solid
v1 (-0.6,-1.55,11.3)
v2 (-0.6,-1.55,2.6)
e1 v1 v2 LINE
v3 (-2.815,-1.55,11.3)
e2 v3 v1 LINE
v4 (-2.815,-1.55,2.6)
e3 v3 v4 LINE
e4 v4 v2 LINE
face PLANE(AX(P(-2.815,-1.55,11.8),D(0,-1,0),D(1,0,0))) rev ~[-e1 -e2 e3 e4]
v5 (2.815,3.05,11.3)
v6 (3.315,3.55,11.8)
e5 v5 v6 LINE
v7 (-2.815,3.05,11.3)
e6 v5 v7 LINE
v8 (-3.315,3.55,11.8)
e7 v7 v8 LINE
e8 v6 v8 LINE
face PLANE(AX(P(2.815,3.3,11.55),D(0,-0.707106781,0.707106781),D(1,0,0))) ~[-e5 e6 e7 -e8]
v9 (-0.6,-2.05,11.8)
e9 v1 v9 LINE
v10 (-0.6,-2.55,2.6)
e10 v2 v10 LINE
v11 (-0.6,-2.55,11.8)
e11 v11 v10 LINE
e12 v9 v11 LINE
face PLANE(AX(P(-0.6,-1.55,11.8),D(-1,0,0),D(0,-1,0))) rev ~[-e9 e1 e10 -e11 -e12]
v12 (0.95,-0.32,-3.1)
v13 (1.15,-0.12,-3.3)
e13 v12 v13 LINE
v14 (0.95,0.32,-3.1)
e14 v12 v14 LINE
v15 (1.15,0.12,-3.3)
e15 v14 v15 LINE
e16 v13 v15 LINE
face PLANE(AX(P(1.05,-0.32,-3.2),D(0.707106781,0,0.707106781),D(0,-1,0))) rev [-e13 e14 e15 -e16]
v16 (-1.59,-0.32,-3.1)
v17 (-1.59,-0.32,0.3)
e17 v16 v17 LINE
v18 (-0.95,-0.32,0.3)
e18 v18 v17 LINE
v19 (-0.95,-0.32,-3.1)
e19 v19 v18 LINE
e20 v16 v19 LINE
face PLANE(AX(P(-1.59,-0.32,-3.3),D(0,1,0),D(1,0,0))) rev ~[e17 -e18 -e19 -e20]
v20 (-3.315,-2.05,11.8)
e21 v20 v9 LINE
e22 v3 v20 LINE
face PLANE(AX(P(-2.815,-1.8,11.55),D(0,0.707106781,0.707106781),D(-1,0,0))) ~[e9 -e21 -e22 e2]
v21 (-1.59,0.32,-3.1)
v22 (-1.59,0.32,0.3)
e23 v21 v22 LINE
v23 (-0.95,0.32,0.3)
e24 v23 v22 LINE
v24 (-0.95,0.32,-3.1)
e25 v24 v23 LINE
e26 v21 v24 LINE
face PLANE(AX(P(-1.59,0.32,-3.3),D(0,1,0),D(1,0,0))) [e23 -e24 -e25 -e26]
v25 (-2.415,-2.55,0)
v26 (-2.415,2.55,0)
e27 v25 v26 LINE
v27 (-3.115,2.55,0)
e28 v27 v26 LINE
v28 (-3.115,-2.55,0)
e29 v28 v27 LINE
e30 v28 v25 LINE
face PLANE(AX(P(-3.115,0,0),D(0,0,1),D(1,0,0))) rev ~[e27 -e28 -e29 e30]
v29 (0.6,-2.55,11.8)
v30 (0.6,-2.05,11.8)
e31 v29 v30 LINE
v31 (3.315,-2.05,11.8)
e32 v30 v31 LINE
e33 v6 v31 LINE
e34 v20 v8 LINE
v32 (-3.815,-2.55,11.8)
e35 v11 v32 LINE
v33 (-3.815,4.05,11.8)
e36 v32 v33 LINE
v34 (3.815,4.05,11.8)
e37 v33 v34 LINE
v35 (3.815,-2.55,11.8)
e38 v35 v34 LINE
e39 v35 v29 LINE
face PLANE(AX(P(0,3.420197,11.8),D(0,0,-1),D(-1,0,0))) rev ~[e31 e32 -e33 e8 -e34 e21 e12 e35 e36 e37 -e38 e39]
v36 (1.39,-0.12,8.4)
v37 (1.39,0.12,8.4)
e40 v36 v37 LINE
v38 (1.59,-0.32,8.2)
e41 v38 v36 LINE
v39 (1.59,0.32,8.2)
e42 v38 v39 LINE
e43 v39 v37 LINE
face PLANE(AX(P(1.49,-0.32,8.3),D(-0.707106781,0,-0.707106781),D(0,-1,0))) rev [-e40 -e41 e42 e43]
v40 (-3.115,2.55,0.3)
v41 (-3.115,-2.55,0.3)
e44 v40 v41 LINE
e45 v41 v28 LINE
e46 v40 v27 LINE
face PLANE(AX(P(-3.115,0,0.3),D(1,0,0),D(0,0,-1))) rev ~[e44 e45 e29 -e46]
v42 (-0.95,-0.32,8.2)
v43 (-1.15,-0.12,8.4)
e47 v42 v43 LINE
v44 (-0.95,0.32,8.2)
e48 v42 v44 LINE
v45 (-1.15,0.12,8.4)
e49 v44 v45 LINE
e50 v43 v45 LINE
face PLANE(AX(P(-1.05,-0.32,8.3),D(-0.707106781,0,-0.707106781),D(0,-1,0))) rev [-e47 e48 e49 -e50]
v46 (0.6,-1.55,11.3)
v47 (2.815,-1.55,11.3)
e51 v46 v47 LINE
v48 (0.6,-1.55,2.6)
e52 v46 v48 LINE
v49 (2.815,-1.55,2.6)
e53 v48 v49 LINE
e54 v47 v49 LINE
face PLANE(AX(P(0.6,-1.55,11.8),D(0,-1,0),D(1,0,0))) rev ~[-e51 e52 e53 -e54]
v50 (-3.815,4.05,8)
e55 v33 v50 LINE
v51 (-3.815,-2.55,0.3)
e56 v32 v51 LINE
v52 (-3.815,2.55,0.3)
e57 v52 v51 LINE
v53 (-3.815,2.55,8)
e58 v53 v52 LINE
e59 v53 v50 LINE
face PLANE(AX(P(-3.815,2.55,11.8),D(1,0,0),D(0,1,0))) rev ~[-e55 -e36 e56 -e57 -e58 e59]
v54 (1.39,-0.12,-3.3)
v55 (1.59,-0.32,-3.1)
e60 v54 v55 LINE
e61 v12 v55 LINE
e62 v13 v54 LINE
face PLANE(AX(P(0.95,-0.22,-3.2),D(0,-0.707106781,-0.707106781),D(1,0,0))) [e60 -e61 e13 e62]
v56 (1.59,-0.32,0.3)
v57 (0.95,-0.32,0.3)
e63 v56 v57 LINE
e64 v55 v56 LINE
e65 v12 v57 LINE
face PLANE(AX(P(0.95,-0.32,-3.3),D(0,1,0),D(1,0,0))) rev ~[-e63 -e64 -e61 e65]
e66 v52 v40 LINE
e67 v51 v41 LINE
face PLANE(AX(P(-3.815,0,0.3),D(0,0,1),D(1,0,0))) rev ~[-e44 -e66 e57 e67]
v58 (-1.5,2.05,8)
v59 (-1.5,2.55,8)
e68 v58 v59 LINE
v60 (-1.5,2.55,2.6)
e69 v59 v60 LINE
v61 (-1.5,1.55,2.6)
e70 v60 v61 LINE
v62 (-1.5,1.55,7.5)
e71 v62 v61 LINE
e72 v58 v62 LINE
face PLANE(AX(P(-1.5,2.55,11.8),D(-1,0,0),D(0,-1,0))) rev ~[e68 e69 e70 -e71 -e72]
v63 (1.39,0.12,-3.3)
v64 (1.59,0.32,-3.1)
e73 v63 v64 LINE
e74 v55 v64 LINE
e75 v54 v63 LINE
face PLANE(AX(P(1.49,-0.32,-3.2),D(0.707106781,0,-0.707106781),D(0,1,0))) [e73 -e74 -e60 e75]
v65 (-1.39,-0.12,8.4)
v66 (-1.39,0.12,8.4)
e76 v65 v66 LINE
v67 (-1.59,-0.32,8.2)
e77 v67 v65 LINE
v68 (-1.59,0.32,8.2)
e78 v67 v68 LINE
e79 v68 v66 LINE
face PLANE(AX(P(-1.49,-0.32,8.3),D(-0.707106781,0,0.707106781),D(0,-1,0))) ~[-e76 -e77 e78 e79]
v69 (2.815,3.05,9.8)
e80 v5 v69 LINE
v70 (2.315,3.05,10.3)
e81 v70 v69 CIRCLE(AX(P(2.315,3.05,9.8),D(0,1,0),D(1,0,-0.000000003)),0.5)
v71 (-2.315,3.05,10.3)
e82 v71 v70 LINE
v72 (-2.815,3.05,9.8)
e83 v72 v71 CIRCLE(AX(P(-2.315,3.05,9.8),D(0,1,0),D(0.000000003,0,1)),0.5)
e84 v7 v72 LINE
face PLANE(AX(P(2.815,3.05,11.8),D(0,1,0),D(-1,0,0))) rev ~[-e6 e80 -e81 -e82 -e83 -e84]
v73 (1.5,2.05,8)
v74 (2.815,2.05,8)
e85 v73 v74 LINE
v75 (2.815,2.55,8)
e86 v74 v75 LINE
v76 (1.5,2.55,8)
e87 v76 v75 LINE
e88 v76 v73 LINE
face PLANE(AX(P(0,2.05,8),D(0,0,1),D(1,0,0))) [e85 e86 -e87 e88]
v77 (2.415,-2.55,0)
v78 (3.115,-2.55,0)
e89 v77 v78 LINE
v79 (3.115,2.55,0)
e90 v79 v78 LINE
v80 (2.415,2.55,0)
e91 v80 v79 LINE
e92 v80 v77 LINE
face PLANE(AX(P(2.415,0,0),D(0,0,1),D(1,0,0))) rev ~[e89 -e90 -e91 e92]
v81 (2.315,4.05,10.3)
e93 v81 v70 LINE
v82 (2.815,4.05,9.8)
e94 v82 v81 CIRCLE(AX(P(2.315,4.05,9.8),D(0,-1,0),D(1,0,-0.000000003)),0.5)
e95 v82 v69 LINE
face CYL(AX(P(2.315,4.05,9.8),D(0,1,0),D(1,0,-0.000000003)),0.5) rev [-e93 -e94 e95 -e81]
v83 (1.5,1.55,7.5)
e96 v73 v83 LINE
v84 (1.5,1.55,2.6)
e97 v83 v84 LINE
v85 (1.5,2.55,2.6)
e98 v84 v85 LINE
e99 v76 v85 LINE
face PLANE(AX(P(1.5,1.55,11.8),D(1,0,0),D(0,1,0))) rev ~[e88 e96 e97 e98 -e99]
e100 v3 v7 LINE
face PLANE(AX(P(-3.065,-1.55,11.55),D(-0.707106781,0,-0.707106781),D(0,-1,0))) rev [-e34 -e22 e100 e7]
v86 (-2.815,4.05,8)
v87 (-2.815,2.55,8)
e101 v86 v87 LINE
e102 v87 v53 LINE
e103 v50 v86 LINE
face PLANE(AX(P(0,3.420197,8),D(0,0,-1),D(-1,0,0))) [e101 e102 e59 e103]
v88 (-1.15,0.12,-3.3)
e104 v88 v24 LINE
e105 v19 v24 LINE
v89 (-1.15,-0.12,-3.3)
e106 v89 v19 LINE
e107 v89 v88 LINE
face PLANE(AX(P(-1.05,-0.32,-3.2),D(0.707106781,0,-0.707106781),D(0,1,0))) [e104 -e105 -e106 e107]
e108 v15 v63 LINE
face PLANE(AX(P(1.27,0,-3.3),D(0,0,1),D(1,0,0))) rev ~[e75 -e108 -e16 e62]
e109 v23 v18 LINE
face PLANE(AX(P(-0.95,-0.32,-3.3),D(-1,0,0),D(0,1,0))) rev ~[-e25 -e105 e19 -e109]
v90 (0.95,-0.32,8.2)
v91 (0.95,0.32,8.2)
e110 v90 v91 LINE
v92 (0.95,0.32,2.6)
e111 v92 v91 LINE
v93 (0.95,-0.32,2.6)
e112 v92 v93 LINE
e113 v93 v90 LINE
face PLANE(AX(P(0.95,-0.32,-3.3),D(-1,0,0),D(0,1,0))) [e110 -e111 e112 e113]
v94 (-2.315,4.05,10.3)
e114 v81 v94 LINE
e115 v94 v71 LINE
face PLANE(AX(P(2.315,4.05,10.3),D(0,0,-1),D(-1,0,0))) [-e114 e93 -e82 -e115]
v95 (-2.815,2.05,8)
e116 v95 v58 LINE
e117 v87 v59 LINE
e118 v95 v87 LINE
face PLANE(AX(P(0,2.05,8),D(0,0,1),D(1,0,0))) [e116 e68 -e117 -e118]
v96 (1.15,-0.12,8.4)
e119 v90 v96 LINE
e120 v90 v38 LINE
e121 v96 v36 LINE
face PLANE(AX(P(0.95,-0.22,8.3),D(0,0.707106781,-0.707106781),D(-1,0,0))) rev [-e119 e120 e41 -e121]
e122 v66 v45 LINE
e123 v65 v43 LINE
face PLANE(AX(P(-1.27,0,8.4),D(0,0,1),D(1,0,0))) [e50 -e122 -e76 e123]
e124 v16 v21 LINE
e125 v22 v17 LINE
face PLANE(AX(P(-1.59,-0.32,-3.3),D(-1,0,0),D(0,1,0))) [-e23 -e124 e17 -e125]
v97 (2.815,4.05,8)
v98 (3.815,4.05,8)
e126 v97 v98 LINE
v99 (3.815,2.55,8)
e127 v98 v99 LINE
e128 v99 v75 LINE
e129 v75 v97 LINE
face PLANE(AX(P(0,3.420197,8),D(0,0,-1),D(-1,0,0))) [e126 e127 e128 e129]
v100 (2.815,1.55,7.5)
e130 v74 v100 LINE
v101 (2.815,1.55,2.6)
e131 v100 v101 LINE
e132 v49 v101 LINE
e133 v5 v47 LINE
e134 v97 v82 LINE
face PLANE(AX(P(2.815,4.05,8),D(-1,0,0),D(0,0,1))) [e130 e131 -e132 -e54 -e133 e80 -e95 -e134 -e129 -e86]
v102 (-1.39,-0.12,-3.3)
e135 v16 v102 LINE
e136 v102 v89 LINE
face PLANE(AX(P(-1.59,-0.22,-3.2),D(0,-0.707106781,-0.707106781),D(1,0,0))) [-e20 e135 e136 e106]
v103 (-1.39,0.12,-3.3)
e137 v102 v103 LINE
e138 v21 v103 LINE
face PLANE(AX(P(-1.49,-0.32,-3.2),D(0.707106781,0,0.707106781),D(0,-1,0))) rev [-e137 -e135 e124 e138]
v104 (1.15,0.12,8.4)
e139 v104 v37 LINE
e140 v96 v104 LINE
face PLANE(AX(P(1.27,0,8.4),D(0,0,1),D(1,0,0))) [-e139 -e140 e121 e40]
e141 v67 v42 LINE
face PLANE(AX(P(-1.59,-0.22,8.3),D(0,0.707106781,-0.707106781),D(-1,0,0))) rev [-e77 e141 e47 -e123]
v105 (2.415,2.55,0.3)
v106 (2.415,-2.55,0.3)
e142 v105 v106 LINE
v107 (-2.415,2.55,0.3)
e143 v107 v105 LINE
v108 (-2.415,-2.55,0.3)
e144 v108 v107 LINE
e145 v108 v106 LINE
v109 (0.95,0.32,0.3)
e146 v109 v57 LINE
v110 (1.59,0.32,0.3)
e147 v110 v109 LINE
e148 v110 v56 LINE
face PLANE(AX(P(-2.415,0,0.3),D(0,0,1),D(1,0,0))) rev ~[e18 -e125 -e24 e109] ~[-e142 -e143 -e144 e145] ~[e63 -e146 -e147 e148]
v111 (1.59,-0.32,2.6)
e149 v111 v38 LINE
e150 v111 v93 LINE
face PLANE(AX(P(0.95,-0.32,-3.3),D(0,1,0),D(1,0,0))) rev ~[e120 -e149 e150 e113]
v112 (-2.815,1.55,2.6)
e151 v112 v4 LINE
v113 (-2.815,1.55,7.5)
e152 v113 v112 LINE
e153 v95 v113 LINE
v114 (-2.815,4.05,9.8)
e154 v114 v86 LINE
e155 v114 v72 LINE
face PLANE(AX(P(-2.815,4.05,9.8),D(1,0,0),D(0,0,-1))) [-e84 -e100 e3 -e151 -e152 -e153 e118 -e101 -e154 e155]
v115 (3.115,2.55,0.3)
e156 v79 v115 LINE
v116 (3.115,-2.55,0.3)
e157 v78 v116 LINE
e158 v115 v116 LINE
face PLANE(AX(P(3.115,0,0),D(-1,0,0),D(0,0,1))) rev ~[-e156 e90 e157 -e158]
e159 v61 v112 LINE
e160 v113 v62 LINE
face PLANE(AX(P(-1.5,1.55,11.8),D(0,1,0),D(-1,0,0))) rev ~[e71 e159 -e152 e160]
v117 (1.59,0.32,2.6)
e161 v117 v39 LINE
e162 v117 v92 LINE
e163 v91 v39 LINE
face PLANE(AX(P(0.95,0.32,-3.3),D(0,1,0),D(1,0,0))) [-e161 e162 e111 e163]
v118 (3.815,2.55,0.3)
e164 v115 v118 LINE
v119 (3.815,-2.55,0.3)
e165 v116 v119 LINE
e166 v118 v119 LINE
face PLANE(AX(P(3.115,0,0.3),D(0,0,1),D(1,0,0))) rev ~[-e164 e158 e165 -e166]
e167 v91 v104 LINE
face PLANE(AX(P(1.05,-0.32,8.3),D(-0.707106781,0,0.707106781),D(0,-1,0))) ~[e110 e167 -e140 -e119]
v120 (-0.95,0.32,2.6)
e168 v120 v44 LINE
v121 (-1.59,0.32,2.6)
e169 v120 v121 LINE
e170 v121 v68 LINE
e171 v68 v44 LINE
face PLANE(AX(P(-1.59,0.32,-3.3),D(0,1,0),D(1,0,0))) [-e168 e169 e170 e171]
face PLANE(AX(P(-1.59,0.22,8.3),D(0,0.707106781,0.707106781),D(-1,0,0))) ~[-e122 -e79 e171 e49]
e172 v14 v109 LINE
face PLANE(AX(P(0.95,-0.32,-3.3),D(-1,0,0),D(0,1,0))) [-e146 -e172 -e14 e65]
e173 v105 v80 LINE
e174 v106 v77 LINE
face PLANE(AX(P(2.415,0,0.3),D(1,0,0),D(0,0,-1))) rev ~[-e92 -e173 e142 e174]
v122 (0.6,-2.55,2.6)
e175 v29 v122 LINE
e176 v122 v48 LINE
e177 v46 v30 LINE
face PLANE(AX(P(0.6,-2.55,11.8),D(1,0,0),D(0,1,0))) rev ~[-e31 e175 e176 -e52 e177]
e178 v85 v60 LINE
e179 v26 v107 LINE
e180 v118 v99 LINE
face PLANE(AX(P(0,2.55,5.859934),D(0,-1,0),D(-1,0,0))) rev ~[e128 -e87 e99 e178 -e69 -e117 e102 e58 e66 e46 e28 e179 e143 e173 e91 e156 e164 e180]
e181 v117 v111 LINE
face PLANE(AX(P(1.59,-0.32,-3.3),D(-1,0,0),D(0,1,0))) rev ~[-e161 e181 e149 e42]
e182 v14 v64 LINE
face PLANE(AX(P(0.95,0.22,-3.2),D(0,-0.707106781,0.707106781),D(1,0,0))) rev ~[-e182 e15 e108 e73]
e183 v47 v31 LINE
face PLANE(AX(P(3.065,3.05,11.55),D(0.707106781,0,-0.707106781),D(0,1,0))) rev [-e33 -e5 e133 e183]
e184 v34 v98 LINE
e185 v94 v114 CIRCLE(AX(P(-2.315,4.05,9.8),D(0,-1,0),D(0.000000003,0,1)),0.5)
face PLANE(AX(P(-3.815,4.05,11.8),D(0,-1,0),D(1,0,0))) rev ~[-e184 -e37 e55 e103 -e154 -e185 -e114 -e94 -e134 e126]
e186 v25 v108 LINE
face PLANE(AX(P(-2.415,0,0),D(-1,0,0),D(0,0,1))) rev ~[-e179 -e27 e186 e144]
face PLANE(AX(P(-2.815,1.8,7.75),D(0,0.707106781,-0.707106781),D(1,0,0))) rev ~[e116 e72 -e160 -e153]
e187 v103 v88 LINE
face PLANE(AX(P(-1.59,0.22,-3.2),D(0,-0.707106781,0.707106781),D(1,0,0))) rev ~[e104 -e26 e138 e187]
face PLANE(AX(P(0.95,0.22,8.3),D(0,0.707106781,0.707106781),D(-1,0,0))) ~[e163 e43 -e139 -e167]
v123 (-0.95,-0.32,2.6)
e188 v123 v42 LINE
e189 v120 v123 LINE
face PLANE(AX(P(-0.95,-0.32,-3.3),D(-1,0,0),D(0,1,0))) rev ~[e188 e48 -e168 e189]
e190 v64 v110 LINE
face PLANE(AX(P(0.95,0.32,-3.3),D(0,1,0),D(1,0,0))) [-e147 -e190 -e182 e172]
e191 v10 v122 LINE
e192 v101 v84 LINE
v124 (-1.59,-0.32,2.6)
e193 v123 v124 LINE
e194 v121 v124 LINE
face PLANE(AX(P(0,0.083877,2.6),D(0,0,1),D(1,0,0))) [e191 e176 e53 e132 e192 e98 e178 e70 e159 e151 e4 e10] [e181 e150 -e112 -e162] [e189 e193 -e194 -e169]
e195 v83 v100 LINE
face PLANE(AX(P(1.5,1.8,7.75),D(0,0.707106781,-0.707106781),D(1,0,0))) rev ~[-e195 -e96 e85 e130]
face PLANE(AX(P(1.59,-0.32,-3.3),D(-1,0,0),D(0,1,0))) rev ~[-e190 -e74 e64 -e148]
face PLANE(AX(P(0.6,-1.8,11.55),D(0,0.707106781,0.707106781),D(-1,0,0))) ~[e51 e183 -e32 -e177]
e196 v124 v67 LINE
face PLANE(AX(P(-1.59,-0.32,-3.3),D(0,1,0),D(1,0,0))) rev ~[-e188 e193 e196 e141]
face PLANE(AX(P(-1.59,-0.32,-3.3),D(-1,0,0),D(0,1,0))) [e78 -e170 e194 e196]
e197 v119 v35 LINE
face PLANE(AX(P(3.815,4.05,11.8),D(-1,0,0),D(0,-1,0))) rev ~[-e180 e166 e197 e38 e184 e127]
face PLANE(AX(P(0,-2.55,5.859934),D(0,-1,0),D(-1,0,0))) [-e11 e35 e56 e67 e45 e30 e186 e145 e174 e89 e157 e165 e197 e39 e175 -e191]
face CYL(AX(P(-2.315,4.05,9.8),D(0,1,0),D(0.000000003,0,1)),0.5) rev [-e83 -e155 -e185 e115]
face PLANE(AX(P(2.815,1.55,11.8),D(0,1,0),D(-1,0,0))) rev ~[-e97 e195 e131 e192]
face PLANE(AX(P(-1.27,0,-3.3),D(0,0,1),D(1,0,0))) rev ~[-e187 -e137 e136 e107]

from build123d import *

# Parameters (mm, degrees)
EXTRUDE_1_DEPTH                    = 2.55
CUT_EXTRUDE_1_DEPTH                = 9.2
EXTRUDE_2_DEPTH                    = 3.8
SKETCH_4_W                         = 5.63
SKETCH_4_H                         = 1
CUT_EXTRUDE_2_DEPTH                = 3.8
CUT_EXTRUDE_3_REACH                = 16.048
CHAMFER_1_SIZE                     = 0.5
EXTRUDE_START                      = -3.6
SKETCH_6_W                         = 0.64
SKETCH_6_H                         = 0.64
EXTRUDE_3_DEPTH                    = 11.7
CHAMFER_2_SIZE                     = 0.2
PATTERN_LINEAR_1_COUNT             = 2
PATTERN_LINEAR_1_PITCH             = 2.54
CHAMFER_2_OF_PATTERN_LINEAR_1_SIZE = 0.2


with BuildPart() as part:
    # Эскиз1 → Бобышка-Вытянуть1 (new, symmetric)
    with BuildSketch(Plane(origin=(0, 0, 0), x_dir=(1, 0, 0), z_dir=(0, 1, 0))):
        Polygon((-2.415, -0.3), (2.415, -0.3), (2.415, 0), (3.115, 0), (3.115, -0.3), (3.815, -0.3), (3.815, -11.8), (-3.815, -11.8), (-3.815, -0.3), (-3.115, -0.3), (-3.115, 0), (-2.415, 0), align=None)
    extrude(amount=EXTRUDE_1_DEPTH, both=True)

    # Эскиз2 → Вырез-Вытянуть1 (cut)
    with BuildSketch(Plane.XY.offset(11.8)):
        Polygon((-2.815, 1.55), (-2.815, -1.55), (-0.6, -1.55), (-0.6, -2.55), (0.6, -2.55), (0.6, -1.55), (2.815, -1.55), (2.815, 1.55), (1.5, 1.55), (1.5, 2.55), (-1.5, 2.55), (-1.5, 1.55), align=None)
    extrude(amount=-CUT_EXTRUDE_1_DEPTH, mode=Mode.SUBTRACT)

    # Эскиз3 → Бобышка-Вытянуть2 (add)
    with BuildSketch(Plane.XY.offset(11.8)):
        Polygon((-3.815, 2.55), (-3.815, 4.05), (3.815, 4.05), (3.815, 2.55), (2.815, 2.55), (2.815, 3.05), (-2.815, 3.05), (-2.815, 2.55), align=None)
    extrude(amount=-EXTRUDE_2_DEPTH)

    # Эскиз4 → Вырез-Вытянуть2 (cut)
    with BuildSketch(Plane.XY.offset(11.8)):
        with Locations((0, 2.05)):
            Rectangle(SKETCH_4_W, SKETCH_4_H)
    extrude(amount=-CUT_EXTRUDE_2_DEPTH, mode=Mode.SUBTRACT)

    # Эскиз5 → Вырез-Вытянуть3 (cut, up to next)
    with BuildSketch(Plane(origin=(0, 4.05, 0), x_dir=(1, 0, 0), z_dir=(0, 1, 0)), mode=Mode.PRIVATE) as cut_extrude_3_sk1:
        with BuildLine():
            Line((2.815, -8), (2.815, -9.8))
            ThreePointArc((2.815, -9.8), (2.668553391, -10.153553391), (2.315, -10.3))
            Line((2.315, -10.3), (-2.315, -10.3))
            ThreePointArc((-2.315, -10.3), (-2.668553391, -10.153553391), (-2.815, -9.8))
            Line((-2.815, -9.8), (-2.815, -8))
            Line((-2.815, -8), (2.815, -8))
        make_face()
    cut_extrude_3_tool1 = extrude(cut_extrude_3_sk1.sketch, amount=-CUT_EXTRUDE_3_REACH, mode=Mode.PRIVATE) & part.part
    add(cut_extrude_3_tool1.solids().sort_by_distance((0, 4.05, 9.141324))[0], mode=Mode.SUBTRACT)

    # Фаска1
    chamfer_1_edges = [part.edges().sort_by_distance(p)[0] for p in [
        (-2.1575, 1.55, 8),
        (2.1575, 1.55, 8),
        (-2.815, 0.75, 11.8),
        (-1.7075, -1.55, 11.8),
        (1.7075, -1.55, 11.8),
        (2.815, 0.75, 11.8),
        (0, 3.05, 11.8),
    ]]
    chamfer(chamfer_1_edges, length=CHAMFER_1_SIZE)

    # Эскиз6 → Бобышка-Вытянуть3 (add)
    with BuildSketch(Plane.XY.offset(0.3).offset(EXTRUDE_START)):
        with Locations((1.27, 0)):
            Rectangle(SKETCH_6_W, SKETCH_6_H)
    extrude_3 = extrude(amount=EXTRUDE_3_DEPTH)

    # Фаска2
    chamfer_2_edges = [part.edges().sort_by_distance(p)[0] for p in [
        (1.27, 0.32, 8.4),
        (1.59, 0, 8.4),
        (1.27, -0.32, 8.4),
        (0.95, 0, 8.4),
        (0.95, 0, -3.3),
        (1.27, 0.32, -3.3),
        (1.59, 0, -3.3),
        (1.27, -0.32, -3.3),
    ]]
    chamfer(chamfer_2_edges, length=CHAMFER_2_SIZE)

    # Линейный массив1: Бобышка-Вытянуть3 ×2
    with Locations(*[(-i * PATTERN_LINEAR_1_PITCH, 0, 0) for i in range(1, PATTERN_LINEAR_1_COUNT)]):
        add(extrude_3)

    # Фаска2 of Линейный массив1
    chamfer_2_of_pattern_linear_1_edges = [part.edges().sort_by_distance(p)[0] for p in [
        (-1.27, 0.32, 8.4),
        (-0.95, 0, 8.4),
        (-1.27, -0.32, 8.4),
        (-1.59, 0, 8.4),
        (-1.59, 0, -3.3),
        (-1.27, 0.32, -3.3),
        (-0.95, 0, -3.3),
        (-1.27, -0.32, -3.3),
    ]]
    chamfer(chamfer_2_of_pattern_linear_1_edges, length=CHAMFER_2_OF_PATTERN_LINEAR_1_SIZE)


solid = part.part
